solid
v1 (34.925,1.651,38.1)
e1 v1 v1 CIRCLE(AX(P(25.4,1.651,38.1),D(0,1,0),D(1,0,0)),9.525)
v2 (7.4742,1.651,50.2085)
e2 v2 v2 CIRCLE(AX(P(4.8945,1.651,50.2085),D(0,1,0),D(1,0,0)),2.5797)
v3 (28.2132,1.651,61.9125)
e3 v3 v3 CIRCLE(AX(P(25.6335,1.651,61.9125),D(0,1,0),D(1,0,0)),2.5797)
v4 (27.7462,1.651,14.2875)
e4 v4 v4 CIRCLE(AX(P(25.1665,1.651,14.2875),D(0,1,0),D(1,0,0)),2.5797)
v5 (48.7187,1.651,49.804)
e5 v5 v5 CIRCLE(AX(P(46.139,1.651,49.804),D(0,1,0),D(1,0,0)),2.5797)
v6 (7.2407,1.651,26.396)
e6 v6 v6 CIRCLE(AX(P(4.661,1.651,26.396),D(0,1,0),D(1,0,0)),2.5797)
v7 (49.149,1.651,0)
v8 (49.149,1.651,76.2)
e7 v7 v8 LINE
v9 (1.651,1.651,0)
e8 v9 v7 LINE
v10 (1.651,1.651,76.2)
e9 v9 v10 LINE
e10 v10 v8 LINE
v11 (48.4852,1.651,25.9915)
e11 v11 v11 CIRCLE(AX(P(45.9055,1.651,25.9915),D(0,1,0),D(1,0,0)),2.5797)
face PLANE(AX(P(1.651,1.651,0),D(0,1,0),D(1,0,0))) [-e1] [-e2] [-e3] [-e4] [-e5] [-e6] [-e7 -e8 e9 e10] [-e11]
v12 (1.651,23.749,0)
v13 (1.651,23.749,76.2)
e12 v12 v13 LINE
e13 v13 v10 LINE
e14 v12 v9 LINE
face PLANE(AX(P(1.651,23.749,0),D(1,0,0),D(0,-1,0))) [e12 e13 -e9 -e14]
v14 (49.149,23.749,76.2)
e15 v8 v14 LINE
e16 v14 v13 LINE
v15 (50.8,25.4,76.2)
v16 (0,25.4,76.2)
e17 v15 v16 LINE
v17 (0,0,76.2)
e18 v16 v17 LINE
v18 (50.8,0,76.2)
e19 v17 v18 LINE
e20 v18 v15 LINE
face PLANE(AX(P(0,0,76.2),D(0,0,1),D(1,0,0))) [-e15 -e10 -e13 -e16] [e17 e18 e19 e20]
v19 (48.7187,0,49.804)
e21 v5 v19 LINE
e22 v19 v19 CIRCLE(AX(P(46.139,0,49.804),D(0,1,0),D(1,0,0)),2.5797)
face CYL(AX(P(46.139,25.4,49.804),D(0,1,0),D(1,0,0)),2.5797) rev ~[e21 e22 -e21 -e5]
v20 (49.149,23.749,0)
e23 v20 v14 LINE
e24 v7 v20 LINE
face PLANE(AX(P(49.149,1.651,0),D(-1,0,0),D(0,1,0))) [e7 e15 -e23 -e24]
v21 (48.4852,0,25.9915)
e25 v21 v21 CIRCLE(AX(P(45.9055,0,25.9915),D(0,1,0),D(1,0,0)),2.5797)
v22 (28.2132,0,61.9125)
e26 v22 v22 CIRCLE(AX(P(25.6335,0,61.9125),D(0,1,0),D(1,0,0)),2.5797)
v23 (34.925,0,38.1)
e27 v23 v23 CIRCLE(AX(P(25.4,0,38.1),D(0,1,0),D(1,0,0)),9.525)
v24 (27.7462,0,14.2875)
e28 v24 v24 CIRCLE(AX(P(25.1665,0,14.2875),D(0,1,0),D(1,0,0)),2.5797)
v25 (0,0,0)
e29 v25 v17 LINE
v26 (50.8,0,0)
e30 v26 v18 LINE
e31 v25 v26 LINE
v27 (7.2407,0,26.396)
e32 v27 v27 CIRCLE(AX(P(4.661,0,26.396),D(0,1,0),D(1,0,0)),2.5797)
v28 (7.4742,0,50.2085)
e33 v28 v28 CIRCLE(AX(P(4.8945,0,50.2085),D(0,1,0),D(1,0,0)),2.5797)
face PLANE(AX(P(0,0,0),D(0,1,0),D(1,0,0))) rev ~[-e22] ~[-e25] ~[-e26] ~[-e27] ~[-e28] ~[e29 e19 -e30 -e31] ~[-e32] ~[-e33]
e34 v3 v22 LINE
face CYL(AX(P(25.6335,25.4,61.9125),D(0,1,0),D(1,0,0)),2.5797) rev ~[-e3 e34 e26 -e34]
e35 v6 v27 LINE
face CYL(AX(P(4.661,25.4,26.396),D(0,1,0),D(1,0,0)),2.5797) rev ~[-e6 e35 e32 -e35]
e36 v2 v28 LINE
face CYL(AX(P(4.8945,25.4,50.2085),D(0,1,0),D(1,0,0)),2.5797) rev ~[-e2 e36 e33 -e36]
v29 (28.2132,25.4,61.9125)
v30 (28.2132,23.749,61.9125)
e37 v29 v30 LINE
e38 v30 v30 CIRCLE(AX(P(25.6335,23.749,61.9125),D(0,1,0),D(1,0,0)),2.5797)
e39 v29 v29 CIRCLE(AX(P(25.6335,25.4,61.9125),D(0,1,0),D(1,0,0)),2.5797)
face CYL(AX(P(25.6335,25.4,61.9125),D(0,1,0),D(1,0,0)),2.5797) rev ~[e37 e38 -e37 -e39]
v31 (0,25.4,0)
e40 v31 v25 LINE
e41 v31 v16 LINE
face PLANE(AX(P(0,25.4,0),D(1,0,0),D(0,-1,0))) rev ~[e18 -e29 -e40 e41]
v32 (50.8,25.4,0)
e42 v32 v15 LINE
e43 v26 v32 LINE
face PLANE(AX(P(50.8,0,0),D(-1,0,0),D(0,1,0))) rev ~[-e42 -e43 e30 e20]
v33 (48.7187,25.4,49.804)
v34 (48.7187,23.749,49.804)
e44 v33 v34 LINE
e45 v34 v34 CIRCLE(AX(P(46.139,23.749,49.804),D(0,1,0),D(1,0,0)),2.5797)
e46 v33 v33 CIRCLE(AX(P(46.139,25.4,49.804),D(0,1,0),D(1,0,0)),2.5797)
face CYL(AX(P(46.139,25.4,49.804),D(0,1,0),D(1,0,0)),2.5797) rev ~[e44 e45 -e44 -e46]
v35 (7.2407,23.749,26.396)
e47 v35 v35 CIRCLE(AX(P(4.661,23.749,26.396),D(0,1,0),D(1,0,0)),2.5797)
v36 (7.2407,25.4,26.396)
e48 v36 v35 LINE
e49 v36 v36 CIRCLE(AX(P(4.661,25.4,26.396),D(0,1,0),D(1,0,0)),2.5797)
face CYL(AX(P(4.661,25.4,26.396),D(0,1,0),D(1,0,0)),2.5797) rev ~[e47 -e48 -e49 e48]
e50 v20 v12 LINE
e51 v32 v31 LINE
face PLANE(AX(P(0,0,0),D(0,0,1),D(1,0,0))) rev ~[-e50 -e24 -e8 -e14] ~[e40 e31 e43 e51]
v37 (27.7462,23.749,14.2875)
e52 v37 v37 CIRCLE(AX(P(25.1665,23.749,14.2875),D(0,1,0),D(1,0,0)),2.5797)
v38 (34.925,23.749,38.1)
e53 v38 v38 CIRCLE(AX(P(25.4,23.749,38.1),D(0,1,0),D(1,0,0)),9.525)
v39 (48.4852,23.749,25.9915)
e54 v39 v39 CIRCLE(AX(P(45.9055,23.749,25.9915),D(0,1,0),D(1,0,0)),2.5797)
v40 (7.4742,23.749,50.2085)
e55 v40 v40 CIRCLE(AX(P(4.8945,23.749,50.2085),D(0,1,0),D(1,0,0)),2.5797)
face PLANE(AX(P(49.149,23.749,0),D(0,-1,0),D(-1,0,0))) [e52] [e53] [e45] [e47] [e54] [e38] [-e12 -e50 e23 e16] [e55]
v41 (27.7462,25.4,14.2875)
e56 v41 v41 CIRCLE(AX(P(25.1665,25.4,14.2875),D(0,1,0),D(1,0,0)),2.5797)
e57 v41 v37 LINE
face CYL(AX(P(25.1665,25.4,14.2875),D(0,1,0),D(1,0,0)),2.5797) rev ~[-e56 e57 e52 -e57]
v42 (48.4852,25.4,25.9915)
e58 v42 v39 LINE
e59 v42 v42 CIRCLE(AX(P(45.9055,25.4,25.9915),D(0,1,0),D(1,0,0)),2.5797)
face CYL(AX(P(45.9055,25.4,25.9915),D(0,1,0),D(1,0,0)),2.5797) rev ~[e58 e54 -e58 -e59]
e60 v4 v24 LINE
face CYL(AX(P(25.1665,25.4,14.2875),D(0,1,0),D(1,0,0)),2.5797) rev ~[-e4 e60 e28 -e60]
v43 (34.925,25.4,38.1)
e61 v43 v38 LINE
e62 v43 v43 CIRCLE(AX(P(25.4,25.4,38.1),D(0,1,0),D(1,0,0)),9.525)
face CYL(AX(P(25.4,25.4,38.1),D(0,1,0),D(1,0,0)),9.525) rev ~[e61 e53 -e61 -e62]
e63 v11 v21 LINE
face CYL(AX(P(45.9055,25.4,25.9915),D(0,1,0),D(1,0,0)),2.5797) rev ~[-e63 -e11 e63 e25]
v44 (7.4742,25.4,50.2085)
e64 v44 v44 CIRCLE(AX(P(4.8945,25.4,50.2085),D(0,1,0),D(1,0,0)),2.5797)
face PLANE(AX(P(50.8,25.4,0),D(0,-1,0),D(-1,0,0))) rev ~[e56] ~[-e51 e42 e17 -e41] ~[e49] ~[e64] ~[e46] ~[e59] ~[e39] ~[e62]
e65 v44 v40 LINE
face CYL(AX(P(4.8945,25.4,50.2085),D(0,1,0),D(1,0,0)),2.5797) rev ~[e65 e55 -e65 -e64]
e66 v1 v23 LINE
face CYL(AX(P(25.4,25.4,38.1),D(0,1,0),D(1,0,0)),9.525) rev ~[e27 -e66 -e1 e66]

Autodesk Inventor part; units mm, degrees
ref_plane "YZ Plane" through (0, 0, 0) normal (1, 0, 0) x (0, 1, 0)
ref_plane "XZ Plane" through (0, 0, 0) normal (0, 1, 0) x (-1, 0, 0)
ref_plane "XY Plane" through (0, 0, 0) normal (0, 0, 1) x (1, 0, 0)
sketch "Sketch1" plane through (0, 0, 0) normal (0, 0, 1) x (1, 0, 0)
  line L0 (0, 0) -> (50.8, 0)
  line L1 (50.8, 0) -> (50.8, 25.4)
  line L2 (50.8, 25.4) -> (0, 25.4)
  line L3 (0, 25.4) -> (0, 0)
  line L4 (49.149, 23.749) -> (1.651, 23.749)
  line L5 (1.651, 23.749) -> (1.651, 1.651)
  line L6 (1.651, 1.651) -> (49.149, 1.651)
  line L7 (49.149, 1.651) -> (49.149, 23.749)
  line L8 (49.149, 23.749) -> (1.651, 1.651) construction
  line L9 (1.651, 23.749) -> (49.149, 1.651) construction
  point P0 (25.4, 12.7)
  dimension "d0" = 1.651
  dimension "d1" = 25.4
  dimension "d2" = 50.8
  dimension "d3" = 1.651
  dimension "d4" = 1.651
  dimension "d5" = 1.651
extrude "Extrusion1" add sketch "Sketch1" along normal blind 76.2
sketch "Sketch2" plane through (0, 25.4, 0) normal (0, 1, 0) x (1, 0, 0)
  circle A0 centre (25.4, -38.1) radius 9.525
  line L0 (50.8, 0) -> (50.8, -76.2) projected
  line L1 (50.8, -76.2) -> (0, -76.2) projected
  point P0 (0, 0)
  dimension "d8" = 19.05
  dimension "d9" = 25.4
  dimension "d10" = 38.1
extrude "Extrusion2" cut sketch "Sketch2" against normal blind 76.2
sketch "Sketch4" plane through (0, 25.4, 0) normal (0, 1, 0) x (1, 0, 0)
  circle A0 centre (25.1665, -14.2875) radius 2.5797
  circle A1 centre (25.4, -38.1) radius 9.525 projected
  circle A2 centre (25.4, -38.1) radius 23.8136 construction
  circle A3 centre (4.661, -26.396) radius 2.5797
  circle A4 centre (4.8945, -50.2085) radius 2.5797
  circle A5 centre (25.6335, -61.9125) radius 2.5797
  circle A6 centre (46.139, -49.804) radius 2.5797
  circle A7 centre (45.9055, -25.9915) radius 2.5797
  point P0 (0, 0)
  dimension "d31" = 23.8125
  dimension "d32" = 5.1594
  dimension "d35" = 360
extrude "Extrusion4" cut sketch "Sketch4" against normal blind 76.2 contours A0 | A3 | A4 | A5 | A6 | A7
equation "\"d3\" = d0"
equation "\"d4\" = d0"
equation "\"d5\" = d0"
properties part number "hub attachment"
